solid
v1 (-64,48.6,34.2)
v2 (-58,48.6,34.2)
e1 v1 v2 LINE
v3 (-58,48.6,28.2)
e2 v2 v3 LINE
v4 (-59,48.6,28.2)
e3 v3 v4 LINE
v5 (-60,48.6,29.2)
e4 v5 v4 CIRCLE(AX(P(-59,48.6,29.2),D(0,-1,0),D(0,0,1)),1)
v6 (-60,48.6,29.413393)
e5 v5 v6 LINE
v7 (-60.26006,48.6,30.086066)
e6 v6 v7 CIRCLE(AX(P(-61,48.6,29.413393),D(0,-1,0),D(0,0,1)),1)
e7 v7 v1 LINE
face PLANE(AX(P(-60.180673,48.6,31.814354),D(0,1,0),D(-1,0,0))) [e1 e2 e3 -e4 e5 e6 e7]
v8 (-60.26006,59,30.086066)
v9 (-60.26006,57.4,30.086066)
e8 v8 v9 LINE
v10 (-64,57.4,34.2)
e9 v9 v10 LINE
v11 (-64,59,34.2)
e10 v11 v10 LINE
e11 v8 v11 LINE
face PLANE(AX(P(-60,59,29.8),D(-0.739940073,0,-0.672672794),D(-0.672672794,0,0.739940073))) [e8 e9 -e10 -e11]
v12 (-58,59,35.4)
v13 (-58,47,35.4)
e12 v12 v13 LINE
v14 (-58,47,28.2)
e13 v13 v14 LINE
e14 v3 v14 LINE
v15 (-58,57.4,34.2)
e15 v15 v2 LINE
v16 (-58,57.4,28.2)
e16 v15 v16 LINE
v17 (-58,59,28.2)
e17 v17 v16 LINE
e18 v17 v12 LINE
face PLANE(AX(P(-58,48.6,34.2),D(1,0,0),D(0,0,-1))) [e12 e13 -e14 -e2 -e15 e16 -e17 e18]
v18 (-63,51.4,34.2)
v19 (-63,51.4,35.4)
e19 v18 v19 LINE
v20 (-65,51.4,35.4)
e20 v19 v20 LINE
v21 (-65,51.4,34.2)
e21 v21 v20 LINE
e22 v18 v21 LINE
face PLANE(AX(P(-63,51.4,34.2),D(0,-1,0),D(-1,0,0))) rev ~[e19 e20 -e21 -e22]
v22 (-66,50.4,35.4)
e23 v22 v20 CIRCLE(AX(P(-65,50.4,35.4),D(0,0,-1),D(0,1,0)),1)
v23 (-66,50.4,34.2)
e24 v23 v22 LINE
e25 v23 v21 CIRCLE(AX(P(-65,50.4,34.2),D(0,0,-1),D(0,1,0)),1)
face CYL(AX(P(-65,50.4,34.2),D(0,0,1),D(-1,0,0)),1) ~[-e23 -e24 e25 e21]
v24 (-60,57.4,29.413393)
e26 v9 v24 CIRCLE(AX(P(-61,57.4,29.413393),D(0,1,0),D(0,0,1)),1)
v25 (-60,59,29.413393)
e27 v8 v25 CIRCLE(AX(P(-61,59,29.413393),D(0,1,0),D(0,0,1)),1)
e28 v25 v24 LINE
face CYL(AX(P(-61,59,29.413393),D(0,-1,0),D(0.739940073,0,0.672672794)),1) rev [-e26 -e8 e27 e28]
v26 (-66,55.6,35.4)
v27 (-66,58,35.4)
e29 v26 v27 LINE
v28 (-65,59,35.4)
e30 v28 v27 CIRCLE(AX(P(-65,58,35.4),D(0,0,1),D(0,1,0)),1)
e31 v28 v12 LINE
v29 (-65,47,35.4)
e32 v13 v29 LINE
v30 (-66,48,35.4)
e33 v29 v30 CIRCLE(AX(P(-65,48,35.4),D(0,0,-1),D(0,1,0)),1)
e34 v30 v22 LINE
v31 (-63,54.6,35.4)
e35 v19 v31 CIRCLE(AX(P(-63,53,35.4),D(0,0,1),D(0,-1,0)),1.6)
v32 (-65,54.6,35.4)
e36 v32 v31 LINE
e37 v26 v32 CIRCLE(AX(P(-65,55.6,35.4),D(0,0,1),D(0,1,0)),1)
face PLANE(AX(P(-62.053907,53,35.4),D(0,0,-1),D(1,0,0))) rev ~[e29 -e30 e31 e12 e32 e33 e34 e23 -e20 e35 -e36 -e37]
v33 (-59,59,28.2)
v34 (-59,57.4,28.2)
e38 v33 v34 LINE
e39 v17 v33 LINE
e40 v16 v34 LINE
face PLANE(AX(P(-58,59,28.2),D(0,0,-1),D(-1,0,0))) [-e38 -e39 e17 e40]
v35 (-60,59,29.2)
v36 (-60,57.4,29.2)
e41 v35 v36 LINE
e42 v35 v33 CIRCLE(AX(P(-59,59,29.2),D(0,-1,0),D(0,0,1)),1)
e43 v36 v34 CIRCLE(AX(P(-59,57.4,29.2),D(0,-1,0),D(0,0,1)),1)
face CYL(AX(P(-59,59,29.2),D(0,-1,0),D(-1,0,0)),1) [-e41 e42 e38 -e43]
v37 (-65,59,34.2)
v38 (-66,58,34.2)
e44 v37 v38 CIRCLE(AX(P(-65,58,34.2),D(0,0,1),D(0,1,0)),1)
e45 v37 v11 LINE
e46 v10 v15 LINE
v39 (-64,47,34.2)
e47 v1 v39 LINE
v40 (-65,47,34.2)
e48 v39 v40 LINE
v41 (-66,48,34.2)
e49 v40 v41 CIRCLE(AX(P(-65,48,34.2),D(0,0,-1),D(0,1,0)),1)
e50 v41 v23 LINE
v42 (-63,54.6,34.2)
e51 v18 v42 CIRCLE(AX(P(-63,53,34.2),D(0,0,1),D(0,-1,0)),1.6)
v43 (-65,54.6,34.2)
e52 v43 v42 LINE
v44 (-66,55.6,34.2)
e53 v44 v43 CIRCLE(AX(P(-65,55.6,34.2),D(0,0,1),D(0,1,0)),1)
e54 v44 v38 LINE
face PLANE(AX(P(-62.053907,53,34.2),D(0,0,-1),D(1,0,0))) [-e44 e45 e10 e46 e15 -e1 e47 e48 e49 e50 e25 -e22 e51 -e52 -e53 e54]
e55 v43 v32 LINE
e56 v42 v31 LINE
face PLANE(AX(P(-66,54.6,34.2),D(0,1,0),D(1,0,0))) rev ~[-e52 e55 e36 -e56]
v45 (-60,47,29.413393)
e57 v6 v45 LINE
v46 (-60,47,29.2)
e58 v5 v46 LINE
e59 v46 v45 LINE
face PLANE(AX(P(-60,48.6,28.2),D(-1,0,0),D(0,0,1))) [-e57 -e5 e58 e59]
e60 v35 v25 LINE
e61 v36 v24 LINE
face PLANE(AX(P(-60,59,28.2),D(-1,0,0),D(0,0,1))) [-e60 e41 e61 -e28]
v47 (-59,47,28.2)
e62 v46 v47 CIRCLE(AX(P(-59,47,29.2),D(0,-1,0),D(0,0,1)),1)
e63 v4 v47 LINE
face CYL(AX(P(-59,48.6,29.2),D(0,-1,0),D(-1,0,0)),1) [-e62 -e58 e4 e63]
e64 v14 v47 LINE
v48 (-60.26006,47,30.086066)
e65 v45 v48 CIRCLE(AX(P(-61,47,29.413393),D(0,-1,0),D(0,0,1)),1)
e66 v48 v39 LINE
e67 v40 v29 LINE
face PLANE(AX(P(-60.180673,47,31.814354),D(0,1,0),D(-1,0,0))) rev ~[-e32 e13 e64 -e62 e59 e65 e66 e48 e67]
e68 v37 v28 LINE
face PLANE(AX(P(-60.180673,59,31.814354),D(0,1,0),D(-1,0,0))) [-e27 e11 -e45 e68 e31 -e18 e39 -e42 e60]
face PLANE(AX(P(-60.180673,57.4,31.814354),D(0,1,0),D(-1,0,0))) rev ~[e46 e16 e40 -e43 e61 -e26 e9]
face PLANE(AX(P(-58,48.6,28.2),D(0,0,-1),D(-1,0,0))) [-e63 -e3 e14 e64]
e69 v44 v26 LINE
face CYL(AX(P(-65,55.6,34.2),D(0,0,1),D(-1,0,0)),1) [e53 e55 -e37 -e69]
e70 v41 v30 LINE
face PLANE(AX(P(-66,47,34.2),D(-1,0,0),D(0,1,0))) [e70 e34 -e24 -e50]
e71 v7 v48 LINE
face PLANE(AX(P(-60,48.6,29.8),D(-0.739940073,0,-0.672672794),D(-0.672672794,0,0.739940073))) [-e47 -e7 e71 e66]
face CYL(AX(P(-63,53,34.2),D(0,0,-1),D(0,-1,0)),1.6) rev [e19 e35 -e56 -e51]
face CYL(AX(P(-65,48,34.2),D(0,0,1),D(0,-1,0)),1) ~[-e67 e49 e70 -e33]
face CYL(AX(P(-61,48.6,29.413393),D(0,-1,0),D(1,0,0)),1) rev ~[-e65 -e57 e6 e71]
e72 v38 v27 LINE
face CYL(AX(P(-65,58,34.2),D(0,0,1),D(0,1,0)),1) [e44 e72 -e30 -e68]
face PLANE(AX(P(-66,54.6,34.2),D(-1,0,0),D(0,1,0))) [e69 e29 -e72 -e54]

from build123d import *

# Parameters (mm, degrees)
PAD040_DEPTH            = 1.2
PAD041_DEPTH            = 1.6
LINEARPATTERN003_COUNT  = 2
LINEARPATTERN003_PITCH  = 10.4
FILLET009_R             = 1
FILLET010_R             = 1
FILLET011_R             = 1
BODY013_PLACEMENT_ANGLE = 180


with BuildPart() as part:
    # Sketch072 → Pad040 (new body)
    with BuildSketch(Plane.XY):
        with BuildLine():
            Line((-4, 6), (4, 6))
            Line((4, 6), (4, 1.6))
            Line((1, 1.6), (4, 1.6))
            ThreePointArc((1, 1.6), (-0.6, 0), (1, -1.6))
            Line((4, -1.6), (1, -1.6))
            Line((4, -1.6), (4, -6))
            Line((4, -6), (-4, -6))
            Line((-4, -6), (-4, 6))
        make_face()
    extrude(amount=PAD040_DEPTH)

    # Sketch073 (on DatumPlane) → Pad041 (join)
    with BuildSketch(Plane.XZ.offset(6)):
        Polygon((-4, 0), (-4, -6), (-2, -6), (-2, -4.4), (2, 0), align=None)
    pad041 = extrude(amount=-PAD041_DEPTH)

    # LinearPattern003: Pad041 ×2
    with Locations(*[(0, i * LINEARPATTERN003_PITCH, 0) for i in range(1, LINEARPATTERN003_COUNT)]):
        add(pad041)

    # Fillet009
    fillet009_edges = [part.edges().sort_by_distance(p)[0] for p in [
        (-2, -5.2, -6),
        (-2, 5.2, -6),
    ]]
    fillet(fillet009_edges, radius=FILLET009_R)

    # Fillet010
    fillet010_edges = [part.edges().sort_by_distance(p)[0] for p in [
        (-2, -5.2, -4.4),
        (-2, 5.2, -4.4),
    ]]
    fillet(fillet010_edges, radius=FILLET010_R)

    # Fillet011
    fillet011_edges = [part.edges().sort_by_distance(p)[0] for p in [
        (4, -6, 0.6),
        (4, -1.6, 0.6),
        (4, 1.6, 0.6),
        (4, 6, 0.6),
    ]]
    fillet(fillet011_edges, radius=FILLET011_R)


with BuildPart() as part_1:
    # Body013 placement: moved
    add(part.part.moved(Location((-62, 53, 34.2))).rotate(Axis((-62, 53, 34.2), (0, 0, 1)), BODY013_PLACEMENT_ANGLE))


solid = part_1.part
